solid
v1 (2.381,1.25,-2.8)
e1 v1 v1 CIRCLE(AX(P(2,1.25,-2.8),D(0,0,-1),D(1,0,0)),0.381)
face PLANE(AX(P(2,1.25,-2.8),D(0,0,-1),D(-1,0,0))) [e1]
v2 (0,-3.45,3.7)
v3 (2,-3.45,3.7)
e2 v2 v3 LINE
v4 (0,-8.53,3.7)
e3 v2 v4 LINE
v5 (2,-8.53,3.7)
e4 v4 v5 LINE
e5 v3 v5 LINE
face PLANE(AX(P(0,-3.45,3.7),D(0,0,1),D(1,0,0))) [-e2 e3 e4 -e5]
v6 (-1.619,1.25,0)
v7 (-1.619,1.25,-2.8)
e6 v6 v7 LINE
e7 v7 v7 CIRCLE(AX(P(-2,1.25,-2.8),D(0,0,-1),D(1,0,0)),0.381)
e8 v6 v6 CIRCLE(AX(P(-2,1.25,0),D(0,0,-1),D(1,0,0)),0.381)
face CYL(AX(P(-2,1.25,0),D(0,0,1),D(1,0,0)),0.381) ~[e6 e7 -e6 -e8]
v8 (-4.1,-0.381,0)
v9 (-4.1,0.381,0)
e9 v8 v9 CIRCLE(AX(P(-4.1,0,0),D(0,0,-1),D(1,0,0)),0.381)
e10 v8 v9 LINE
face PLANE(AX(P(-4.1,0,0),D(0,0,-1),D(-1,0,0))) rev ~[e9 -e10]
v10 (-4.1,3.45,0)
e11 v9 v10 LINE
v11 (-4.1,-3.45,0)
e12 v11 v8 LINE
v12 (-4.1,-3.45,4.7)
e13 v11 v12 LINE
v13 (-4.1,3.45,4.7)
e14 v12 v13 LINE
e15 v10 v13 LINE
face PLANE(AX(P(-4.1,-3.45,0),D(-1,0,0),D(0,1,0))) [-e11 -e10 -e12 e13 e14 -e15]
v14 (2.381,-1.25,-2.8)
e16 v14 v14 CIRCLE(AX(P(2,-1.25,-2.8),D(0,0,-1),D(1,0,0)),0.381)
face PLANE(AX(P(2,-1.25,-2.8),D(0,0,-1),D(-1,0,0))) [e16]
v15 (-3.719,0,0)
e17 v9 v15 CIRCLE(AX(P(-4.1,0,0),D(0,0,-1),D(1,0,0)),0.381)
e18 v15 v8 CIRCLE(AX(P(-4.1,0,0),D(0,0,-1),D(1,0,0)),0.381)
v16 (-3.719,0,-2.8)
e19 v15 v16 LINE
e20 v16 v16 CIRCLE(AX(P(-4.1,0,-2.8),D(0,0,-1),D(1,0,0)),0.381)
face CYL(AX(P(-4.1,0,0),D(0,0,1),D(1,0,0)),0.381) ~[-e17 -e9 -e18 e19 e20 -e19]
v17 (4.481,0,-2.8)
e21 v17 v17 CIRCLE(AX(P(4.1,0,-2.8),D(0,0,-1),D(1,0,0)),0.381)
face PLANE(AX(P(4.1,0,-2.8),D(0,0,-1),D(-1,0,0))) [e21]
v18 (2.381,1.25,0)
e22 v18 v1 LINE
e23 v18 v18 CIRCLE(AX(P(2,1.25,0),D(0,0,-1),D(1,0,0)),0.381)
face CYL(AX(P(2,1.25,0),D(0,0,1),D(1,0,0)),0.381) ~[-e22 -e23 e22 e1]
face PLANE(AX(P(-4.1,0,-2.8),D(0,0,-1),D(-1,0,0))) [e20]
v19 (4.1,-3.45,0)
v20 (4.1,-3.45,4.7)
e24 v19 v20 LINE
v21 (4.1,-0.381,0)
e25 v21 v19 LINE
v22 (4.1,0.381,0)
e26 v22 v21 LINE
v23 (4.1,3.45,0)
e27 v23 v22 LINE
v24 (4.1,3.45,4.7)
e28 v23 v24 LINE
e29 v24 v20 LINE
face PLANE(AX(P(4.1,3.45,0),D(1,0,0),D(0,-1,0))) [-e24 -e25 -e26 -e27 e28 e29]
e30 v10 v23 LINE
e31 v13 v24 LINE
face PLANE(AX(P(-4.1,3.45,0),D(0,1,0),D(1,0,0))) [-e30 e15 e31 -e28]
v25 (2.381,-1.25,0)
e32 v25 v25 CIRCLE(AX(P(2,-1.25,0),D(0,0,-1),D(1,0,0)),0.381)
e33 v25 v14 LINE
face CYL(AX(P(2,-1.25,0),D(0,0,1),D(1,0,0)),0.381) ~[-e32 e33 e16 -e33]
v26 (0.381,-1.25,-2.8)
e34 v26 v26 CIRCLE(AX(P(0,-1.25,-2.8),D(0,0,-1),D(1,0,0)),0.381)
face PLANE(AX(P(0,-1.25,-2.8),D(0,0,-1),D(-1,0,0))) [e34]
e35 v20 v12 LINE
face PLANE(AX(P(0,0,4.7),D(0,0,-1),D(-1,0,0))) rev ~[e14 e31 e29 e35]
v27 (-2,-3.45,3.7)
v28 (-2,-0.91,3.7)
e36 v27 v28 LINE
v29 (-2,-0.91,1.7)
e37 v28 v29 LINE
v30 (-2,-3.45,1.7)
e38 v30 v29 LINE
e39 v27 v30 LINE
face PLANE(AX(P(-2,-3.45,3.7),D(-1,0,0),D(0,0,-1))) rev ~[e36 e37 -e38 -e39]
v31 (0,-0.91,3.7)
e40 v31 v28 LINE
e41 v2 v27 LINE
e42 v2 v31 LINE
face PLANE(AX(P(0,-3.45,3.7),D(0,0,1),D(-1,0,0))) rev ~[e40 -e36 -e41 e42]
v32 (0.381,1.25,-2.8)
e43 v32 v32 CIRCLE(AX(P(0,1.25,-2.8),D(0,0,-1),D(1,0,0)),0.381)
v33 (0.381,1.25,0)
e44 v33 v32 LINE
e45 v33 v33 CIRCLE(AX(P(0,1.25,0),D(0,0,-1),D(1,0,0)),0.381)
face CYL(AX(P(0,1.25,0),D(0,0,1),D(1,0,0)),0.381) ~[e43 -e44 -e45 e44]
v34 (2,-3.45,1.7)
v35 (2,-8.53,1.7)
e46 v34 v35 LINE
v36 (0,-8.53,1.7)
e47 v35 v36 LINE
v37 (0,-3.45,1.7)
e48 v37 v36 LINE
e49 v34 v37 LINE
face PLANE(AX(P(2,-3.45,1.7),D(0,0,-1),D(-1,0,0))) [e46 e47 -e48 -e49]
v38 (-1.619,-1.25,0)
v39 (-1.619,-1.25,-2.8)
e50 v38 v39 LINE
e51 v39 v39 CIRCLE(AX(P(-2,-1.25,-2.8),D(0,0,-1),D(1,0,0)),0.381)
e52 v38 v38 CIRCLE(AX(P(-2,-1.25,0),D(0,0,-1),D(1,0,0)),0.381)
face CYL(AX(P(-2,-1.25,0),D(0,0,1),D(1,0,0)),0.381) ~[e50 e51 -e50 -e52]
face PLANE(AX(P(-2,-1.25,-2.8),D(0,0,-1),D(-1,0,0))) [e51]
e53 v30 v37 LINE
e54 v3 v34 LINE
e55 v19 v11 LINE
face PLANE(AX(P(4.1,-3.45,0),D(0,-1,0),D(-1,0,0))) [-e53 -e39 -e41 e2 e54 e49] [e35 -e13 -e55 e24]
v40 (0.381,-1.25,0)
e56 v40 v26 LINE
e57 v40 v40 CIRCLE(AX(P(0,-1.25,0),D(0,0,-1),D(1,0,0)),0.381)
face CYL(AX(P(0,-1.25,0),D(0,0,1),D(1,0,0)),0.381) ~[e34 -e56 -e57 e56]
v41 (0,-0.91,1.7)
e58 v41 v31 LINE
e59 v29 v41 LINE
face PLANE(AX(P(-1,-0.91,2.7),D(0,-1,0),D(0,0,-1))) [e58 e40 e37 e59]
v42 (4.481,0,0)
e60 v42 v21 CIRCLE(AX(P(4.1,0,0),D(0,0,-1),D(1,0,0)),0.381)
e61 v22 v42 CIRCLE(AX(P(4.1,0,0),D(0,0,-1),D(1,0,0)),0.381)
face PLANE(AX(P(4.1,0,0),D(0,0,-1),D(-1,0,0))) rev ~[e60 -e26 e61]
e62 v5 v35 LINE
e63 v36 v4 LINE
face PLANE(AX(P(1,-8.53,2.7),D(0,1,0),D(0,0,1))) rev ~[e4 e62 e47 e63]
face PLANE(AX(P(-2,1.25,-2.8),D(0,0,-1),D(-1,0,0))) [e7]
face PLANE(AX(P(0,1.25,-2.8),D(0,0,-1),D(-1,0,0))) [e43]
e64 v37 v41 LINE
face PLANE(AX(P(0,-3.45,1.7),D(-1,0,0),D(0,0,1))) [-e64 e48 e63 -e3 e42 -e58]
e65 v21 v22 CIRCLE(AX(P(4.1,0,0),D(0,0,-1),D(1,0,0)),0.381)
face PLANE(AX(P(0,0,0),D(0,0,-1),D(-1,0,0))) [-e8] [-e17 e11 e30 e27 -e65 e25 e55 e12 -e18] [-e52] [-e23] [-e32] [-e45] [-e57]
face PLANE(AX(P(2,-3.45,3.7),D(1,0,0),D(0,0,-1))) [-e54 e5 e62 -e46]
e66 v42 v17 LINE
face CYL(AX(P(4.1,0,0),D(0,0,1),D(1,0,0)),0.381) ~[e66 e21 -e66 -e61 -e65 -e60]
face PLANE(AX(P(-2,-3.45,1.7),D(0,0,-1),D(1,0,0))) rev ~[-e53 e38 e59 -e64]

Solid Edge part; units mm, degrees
sketch "Sketch1" plane through (0, 0, 0) normal (0, 0, 1) x (1, 0, 0)
  line L0 (4.1, -3.45) -> (-4.1, -3.45)
  line L1 (-4.1, -3.45) -> (-4.1, 3.45)
  line L2 (-4.1, 3.45) -> (4.1, 3.45)
  line L3 (4.1, 3.45) -> (4.1, -3.45)
extrude "Protrusion1" add sketch "Sketch1" along normal blind 4.7
sketch "Sketch2" plane through (0, 0, 0) normal (0, 0, -1) x (1, 0, 0)
  circle A0 centre (-2, 1.25) radius 0.381
  circle A1 centre (0, 1.25) radius 0.381
  circle A2 centre (2, 1.25) radius 0.381
  circle A3 centre (2, -1.25) radius 0.381
  circle A4 centre (0, -1.25) radius 0.381
  circle A5 centre (-2, -1.25) radius 0.381
  circle A6 centre (-4.1, 0) radius 0.381
  circle A7 centre (4.1, 0) radius 0.381
  dimension "D1" = 4
  dimension "D2" = 2.5
  dimension "D3" = 0.762
  dimension "D4" = 8.2
extrude "ExtrudedProtrusion_2" add sketch "Sketch2" along normal blind 2.8
sketch "Sketch3" plane through (0, -3.45, 4.5593) normal (0, -1, 0) x (1, 0, 0)
  line L0 (2, -2.8593) -> (0, -2.8593)
  line L1 (0, -2.8593) -> (0, -0.8593)
  line L2 (0, -0.8593) -> (2, -0.8593)
  line L3 (2, -0.8593) -> (2, -2.8593)
extrude "ExtrudedProtrusion_3" add sketch "Sketch3" along normal blind 5.08
sketch "Sketch4" plane through (0, -3.45, 4.5593) normal (0, -1, 0) x (1, 0, 0)
  line L0 (-2, -0.8593) -> (-2, -2.8593)
  line L1 (-2, -2.8593) -> (0, -2.8593)
  line L2 (0, -2.8593) -> (0, -0.8593)
  line L3 (0, -0.8593) -> (-2, -0.8593)
extrude "ExtrudedCutout_1" cut sketch "Sketch4" against normal blind 2.54
